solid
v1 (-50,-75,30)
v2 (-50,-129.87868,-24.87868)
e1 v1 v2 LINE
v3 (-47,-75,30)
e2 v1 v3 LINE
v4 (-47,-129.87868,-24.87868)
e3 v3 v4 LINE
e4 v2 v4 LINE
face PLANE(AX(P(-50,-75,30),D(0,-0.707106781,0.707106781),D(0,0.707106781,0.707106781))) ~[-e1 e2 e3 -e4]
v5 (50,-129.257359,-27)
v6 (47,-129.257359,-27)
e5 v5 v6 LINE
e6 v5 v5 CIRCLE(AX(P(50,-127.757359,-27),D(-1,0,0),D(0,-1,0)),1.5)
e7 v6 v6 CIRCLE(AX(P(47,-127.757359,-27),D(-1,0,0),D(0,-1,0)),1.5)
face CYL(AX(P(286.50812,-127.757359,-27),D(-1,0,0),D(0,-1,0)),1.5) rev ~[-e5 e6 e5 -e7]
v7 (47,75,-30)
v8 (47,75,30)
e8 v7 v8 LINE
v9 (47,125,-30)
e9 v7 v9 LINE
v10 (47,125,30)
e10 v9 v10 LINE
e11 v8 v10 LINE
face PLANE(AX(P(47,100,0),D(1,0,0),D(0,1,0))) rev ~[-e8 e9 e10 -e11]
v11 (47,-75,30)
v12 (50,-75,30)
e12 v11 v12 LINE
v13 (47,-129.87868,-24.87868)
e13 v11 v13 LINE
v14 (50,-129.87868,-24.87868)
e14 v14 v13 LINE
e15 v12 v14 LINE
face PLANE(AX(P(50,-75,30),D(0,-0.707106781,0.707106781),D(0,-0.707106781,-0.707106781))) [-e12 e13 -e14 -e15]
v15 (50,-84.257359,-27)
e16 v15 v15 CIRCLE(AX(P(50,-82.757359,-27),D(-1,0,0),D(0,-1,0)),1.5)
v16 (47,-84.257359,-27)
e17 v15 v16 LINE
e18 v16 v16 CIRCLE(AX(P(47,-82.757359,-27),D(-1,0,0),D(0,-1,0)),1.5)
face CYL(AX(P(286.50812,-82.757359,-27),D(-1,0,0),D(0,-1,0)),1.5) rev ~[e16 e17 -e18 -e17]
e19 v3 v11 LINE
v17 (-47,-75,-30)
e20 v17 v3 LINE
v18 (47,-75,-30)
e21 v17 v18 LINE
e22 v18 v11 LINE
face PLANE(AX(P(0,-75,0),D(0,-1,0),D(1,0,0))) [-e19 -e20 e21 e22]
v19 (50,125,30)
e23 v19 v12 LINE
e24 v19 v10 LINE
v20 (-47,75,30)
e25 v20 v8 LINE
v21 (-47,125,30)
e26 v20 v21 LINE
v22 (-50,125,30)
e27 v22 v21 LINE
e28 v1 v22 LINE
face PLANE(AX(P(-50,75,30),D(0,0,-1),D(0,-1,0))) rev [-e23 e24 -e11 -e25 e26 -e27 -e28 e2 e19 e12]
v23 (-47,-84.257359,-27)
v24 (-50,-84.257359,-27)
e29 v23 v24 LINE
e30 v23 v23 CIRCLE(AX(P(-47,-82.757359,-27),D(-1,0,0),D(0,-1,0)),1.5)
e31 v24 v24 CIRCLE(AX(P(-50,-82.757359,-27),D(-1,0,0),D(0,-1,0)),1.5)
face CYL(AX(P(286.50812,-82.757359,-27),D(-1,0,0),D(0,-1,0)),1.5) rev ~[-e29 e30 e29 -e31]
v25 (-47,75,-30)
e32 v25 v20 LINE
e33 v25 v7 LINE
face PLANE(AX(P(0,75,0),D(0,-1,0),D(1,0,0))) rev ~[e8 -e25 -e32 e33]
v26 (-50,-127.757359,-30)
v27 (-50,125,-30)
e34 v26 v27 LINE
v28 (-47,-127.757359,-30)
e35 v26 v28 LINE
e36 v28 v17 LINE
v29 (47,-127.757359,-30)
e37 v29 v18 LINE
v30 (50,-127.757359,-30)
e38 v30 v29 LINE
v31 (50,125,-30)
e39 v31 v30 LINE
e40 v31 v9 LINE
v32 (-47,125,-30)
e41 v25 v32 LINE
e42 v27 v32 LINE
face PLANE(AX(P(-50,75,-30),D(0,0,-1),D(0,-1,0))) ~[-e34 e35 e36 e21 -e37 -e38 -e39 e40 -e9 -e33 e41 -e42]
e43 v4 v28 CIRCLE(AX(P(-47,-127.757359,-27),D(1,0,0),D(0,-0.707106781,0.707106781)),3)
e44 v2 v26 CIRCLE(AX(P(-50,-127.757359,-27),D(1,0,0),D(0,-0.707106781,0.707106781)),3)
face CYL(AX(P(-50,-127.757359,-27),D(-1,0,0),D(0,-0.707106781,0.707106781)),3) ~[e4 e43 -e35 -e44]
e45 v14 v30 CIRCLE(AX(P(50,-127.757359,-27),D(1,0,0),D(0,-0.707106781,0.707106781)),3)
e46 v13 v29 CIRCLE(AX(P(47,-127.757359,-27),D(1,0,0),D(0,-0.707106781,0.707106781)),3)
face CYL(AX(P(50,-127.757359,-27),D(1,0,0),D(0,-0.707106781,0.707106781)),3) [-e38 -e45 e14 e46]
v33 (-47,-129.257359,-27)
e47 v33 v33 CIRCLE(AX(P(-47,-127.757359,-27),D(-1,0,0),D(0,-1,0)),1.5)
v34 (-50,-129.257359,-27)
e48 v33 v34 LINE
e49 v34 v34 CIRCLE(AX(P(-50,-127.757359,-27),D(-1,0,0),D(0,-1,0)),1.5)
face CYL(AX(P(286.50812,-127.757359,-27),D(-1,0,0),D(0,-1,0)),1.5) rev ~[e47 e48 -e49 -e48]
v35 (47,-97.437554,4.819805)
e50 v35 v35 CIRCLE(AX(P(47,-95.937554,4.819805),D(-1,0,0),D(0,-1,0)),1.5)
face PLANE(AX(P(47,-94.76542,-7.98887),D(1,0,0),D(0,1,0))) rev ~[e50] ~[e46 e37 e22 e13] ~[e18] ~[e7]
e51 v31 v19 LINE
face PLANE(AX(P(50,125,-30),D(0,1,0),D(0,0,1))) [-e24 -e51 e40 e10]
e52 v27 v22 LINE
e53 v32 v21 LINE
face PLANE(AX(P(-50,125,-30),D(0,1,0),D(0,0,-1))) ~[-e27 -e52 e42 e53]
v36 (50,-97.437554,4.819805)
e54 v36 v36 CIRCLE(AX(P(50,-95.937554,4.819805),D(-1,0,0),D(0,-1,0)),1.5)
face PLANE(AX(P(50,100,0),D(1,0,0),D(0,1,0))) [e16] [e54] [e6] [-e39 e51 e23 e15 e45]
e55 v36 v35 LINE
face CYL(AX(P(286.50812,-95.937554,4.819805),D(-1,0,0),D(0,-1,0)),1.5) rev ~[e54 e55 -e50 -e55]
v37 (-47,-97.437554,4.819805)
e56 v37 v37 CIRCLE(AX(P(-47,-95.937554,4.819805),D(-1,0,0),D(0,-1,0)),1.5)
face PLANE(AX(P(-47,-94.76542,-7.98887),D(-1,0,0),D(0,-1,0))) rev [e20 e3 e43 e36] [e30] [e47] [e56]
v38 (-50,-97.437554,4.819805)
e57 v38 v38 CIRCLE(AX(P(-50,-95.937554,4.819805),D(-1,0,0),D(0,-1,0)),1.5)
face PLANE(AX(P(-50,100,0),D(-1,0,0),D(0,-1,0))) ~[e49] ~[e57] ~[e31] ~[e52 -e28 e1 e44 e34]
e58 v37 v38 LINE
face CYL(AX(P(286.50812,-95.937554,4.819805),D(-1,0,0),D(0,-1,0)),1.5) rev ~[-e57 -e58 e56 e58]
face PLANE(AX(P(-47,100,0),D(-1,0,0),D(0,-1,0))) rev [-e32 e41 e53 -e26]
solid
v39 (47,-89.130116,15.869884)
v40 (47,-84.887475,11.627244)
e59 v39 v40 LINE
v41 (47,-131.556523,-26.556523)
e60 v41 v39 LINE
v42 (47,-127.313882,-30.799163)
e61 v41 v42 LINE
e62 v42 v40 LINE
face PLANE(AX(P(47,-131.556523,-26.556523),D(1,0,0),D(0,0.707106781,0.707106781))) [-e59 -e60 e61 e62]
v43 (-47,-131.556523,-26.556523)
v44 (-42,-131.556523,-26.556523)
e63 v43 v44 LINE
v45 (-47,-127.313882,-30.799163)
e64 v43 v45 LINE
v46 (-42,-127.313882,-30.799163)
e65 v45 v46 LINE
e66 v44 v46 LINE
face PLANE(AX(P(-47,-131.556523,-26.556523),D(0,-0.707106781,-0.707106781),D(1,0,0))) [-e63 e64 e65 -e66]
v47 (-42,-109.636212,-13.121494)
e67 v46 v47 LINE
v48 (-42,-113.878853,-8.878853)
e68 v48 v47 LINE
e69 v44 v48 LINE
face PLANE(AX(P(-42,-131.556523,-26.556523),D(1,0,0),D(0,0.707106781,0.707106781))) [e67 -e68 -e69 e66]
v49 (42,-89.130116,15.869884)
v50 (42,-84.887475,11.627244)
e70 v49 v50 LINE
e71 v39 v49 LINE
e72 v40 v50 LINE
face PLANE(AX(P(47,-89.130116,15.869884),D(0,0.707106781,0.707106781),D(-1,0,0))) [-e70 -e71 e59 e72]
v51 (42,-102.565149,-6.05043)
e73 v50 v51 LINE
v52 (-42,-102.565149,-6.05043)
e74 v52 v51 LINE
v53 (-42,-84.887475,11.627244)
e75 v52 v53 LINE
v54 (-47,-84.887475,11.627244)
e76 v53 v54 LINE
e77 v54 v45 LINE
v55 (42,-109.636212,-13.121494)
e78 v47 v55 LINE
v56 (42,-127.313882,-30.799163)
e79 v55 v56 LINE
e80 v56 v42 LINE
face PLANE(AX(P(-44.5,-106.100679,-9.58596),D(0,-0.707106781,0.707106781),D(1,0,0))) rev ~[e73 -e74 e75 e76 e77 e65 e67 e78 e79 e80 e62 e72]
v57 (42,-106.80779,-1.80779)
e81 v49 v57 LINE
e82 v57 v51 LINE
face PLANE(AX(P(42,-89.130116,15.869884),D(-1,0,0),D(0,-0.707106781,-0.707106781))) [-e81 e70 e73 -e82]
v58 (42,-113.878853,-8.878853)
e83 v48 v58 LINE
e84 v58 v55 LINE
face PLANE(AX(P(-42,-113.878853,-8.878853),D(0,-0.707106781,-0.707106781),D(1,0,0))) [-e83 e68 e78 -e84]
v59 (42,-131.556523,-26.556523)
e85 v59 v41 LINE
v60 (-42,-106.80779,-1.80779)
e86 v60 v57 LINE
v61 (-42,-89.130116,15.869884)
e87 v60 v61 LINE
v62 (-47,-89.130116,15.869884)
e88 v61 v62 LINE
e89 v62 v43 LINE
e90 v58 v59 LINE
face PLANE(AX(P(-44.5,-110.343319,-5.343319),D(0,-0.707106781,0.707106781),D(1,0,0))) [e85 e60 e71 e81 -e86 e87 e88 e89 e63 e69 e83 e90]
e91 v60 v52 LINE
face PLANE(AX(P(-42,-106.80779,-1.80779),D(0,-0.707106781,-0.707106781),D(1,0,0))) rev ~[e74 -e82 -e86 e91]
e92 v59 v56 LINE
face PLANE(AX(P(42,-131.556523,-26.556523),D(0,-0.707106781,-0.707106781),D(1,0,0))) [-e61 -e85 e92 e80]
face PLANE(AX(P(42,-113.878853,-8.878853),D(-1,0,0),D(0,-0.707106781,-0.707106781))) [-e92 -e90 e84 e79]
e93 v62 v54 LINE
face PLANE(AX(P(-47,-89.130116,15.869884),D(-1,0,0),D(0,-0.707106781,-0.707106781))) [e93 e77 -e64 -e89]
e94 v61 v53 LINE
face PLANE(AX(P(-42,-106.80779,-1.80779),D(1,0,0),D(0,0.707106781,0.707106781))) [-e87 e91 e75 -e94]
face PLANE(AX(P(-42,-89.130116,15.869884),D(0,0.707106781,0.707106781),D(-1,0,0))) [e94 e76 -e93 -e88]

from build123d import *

# Parameters (mm, degrees)
F0_W     = 100
F0_H     = 60
F1_DEPTH = 75
F3_DEPTH = 3
F5_D     = 3
F6_W     = 84
F6_H     = 9.9999939085
F7_DEPTH = 6
F8_W     = 50
F8_H     = 60
F9_DEPTH = 3


with BuildPart() as f1:
    # F0 (on Front) → F1 (new body, symmetric)
    with BuildSketch(Plane.XZ):
        Rectangle(F0_W, F0_H)
    extrude(amount=F1_DEPTH, both=True)

    # F2 (on face) → F3 (join)
    with BuildSketch(Plane.YZ.offset(50)):
        with BuildLine():
            Line((-75, -30), (-75, 30))
            Line((-75, 30), (-129.8786796564, -24.8786796564))
            ThreePointArc((-129.8786796564, -24.8786796564), (-130.5289979104, -28.1480502971), (-127.7573593129, -30))
            Line((-127.7573593129, -30), (-75, -30))
        make_face()
    extrude(amount=-F3_DEPTH)

    # F4: F1 across plane


with BuildPart() as f1_1:
    add(f1.part)
    add(f1.part.mirror(Plane.YZ))

    # F5 (through all)
    with Locations(Plane.YZ.offset(50)):
        with Locations((-95.9375541595, 4.8198051534), (-127.7573593129, -27), (-82.7573593129, -27)):
            Hole(F5_D / 2)



with BuildPart() as f7:
    # F6 (on face) → F7 (new body)
    with BuildSketch(Plane(origin=(0, -52.5, 52.5), x_dir=(1, 0, 0), z_dir=(0, -0.7071067812, 0.7071067812))):
        Polygon((-42, -51.8028065562), (-47, -51.8028065562), (-47, -111.8028065562), (-42, -111.8028065562), (-42, -86.8028065562), (-42, -76.8028126477), align=None)
        with Locations((0, -81.802809602)):
            Rectangle(F6_W, F6_H)
        Polygon((42, -51.8028065562), (42, -76.8028126477), (42, -86.8028065562), (42, -111.8028065562), (47, -111.8028065562), (47, -51.8028065562), align=None)
    extrude(amount=-F7_DEPTH)


with BuildPart() as f9:
    # F8 (on face) → F9 (new body)
    with BuildSketch(Plane.YZ.offset(50)):
        with Locations((100, 0)):
            Rectangle(F8_W, F8_H)
    extrude(amount=-F9_DEPTH)


with BuildPart() as f1_2:
    add(f1_1.part)

    add(f9.part)  # F10 merges F9
    # F10: F9 across plane
    add(f9.part.mirror(Plane.YZ))


solid = Compound([f7.part, f1_2.part])
